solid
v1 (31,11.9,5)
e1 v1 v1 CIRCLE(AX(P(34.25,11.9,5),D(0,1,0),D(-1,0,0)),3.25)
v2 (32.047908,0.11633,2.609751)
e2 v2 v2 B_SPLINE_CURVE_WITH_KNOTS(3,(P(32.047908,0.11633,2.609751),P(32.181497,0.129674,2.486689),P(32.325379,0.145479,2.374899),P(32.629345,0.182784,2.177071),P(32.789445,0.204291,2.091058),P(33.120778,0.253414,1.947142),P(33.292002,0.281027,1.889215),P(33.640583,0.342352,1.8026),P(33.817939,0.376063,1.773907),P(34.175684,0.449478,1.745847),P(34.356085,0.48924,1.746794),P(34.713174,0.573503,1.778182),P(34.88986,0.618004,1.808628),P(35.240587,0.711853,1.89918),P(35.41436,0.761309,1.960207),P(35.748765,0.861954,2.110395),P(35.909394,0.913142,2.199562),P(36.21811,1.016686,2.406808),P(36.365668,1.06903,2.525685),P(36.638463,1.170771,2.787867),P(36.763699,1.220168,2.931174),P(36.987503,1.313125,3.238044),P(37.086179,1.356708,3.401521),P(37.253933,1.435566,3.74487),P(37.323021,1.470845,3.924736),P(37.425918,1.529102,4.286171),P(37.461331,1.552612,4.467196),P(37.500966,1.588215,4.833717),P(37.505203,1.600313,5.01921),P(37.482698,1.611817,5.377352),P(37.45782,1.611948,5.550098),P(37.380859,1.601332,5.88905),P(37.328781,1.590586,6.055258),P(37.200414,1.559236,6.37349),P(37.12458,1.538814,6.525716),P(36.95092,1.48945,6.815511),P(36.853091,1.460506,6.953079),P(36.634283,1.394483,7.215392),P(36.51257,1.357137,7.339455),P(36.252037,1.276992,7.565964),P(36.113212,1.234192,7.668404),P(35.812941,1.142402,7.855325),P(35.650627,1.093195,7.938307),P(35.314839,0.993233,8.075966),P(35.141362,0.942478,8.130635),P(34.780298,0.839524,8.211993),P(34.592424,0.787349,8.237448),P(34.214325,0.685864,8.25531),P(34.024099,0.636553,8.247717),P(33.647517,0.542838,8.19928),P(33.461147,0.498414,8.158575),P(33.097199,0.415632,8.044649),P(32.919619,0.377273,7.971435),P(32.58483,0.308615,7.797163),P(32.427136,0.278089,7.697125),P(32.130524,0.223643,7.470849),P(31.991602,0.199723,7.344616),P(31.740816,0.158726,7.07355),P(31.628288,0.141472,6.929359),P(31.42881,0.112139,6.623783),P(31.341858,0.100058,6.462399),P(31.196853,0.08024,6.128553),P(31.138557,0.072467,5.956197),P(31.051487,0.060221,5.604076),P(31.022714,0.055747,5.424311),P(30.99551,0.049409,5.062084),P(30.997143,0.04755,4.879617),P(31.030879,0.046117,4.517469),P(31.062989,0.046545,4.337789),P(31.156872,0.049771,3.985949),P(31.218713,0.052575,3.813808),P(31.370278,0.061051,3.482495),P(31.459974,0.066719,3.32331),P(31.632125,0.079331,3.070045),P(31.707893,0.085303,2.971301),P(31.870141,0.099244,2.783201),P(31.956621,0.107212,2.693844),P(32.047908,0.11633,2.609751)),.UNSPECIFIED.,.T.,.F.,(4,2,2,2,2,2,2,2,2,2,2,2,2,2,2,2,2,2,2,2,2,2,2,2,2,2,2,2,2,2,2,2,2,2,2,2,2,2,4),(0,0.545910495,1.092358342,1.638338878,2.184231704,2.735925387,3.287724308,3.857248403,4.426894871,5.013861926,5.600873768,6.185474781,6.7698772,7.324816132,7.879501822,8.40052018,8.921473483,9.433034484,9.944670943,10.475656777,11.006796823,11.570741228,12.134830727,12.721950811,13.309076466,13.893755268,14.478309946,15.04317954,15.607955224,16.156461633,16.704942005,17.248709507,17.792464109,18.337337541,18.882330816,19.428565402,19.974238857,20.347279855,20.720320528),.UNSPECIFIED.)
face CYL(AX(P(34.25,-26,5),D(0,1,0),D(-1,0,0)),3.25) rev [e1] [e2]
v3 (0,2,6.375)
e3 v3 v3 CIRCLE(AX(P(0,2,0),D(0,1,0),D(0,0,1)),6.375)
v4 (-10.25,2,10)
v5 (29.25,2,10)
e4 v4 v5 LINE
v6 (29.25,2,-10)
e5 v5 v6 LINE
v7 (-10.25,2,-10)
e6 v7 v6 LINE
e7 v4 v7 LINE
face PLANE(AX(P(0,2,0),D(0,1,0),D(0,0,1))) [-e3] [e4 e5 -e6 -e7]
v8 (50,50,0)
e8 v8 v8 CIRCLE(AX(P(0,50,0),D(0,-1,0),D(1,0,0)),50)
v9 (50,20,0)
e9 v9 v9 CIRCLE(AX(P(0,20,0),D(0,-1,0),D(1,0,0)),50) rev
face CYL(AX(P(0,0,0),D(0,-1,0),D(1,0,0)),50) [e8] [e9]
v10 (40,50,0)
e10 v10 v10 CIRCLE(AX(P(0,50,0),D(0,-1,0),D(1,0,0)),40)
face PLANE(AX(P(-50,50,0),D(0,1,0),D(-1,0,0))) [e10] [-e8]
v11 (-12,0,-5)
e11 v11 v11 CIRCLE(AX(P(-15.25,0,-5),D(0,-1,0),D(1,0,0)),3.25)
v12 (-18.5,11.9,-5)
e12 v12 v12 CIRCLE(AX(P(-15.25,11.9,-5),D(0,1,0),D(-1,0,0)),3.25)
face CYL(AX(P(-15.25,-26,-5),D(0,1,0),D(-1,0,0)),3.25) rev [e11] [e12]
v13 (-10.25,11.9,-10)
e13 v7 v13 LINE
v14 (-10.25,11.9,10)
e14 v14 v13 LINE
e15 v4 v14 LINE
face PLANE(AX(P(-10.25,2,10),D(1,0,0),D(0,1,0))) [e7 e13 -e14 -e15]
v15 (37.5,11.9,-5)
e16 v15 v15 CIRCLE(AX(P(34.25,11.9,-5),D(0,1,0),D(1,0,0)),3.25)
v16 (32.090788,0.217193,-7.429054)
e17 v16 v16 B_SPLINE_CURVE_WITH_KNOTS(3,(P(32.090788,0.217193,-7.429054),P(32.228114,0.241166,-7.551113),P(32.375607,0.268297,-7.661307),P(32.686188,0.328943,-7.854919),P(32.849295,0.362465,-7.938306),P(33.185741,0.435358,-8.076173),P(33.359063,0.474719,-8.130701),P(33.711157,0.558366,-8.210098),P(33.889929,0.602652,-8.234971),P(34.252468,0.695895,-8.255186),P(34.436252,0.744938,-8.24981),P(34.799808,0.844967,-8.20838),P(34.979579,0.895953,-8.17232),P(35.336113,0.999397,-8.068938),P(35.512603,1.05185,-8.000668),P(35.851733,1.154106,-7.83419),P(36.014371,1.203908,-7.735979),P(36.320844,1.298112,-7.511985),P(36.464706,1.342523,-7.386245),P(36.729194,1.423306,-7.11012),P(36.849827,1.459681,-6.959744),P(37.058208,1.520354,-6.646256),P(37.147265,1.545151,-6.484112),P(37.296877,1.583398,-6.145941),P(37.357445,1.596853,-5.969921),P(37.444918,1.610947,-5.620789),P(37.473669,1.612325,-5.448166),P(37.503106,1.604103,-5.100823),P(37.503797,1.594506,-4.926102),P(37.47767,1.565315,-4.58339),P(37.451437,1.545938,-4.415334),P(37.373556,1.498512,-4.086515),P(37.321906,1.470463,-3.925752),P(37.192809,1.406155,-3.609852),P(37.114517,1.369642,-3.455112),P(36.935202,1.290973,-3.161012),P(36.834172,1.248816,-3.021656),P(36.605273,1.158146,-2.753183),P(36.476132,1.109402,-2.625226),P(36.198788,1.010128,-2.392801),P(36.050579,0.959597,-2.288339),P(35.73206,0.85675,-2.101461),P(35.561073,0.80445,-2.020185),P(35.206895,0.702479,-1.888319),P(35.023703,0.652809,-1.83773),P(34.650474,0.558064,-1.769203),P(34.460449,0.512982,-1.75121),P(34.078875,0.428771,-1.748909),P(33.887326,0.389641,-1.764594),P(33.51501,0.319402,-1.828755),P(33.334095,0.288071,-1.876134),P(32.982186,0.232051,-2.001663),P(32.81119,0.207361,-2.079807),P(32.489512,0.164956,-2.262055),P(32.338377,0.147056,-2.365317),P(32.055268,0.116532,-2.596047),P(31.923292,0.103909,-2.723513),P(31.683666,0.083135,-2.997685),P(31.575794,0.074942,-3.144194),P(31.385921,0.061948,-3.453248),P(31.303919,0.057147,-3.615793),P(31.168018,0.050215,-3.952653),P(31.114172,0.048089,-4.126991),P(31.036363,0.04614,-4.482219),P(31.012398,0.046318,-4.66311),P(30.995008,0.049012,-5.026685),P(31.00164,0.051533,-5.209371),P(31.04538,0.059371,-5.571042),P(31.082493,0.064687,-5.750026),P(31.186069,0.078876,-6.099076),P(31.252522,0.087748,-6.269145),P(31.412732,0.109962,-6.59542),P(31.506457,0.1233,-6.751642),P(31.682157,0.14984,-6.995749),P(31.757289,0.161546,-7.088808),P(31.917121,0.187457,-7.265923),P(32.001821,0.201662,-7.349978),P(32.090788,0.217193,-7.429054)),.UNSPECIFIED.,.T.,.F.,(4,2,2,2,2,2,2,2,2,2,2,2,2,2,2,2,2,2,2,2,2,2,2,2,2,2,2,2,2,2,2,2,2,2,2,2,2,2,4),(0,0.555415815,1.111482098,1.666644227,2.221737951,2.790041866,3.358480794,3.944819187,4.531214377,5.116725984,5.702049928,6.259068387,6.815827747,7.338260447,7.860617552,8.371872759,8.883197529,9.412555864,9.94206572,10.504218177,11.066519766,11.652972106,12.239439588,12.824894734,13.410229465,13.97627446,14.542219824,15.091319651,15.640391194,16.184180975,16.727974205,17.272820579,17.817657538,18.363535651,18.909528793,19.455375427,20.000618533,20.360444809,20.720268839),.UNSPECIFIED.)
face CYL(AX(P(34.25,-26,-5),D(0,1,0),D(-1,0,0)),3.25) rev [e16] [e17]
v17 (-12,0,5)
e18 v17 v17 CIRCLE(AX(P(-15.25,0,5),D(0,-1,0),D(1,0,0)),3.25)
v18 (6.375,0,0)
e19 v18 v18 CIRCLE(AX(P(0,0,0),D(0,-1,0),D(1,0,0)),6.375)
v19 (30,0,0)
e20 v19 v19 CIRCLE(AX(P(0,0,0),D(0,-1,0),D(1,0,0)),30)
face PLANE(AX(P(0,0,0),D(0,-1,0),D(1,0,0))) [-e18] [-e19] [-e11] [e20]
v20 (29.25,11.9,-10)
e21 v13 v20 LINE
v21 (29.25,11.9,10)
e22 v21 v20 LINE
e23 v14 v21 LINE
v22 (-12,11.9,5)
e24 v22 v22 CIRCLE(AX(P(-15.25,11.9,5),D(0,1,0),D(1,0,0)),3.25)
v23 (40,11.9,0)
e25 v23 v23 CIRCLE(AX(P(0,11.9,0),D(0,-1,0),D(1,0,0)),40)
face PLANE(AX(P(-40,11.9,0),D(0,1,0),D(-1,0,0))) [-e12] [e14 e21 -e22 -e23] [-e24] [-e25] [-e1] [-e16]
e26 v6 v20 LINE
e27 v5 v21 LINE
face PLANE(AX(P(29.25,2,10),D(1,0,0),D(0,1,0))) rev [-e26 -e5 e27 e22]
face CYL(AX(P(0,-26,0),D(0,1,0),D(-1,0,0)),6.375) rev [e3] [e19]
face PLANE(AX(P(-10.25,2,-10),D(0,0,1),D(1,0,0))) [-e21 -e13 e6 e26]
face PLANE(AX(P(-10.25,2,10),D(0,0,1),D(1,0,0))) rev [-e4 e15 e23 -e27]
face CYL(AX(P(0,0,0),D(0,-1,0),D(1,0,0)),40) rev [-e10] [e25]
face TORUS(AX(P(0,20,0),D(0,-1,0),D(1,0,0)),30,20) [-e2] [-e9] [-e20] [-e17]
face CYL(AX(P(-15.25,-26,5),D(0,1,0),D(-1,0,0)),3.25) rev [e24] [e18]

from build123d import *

# Parameters (mm, degrees)
FILLET1_R          = 20
SKETCH6_W          = 39.5
SKETCH6_H          = 20
SKETCH6_R          = 6.375
CUT_EXTRUDE1_DEPTH = 9.9
SKETCH8_R          = 6.375
CUT_EXTRUDE2_DEPTH = 37.9
SKETCH9_R          = 3.25
CUT_EXTRUDE3_DEPTH = 37.9


with BuildPart() as part:
    # Sketch5 → Revolve1 (revolve)
    with BuildSketch(Plane.XY, mode=Mode.PRIVATE) as revolve1_sk:
        Polygon((0, 0), (-50, 0), (-50, 50), (-40, 50), (-40, 11.9), (0, 11.9), align=None)
    revolve(revolve1_sk.sketch.rotate(Axis((0, 0, 0), (0, 1, 0)), 180), axis=Axis((0, 0, 0), (0, 1, 0)))

    # Fillet1
    fillet1_edges = [part.edges().sort_by_distance(p)[0] for p in [
        (-50, 0, 0),
    ]]
    fillet(fillet1_edges, radius=FILLET1_R)

    # Sketch6 → Cut-Extrude1 (cut)
    with BuildSketch(Plane(origin=(0, 11.9, 0), x_dir=(1, 0, 0), z_dir=(0, 1, 0))):
        with Locations((9.5, 0)):
            Rectangle(SKETCH6_W, SKETCH6_H)
        with Locations(Location((0, 0, 0), (0, 0, 180))):
            Circle(SKETCH6_R, mode=Mode.SUBTRACT)
    extrude(amount=-CUT_EXTRUDE1_DEPTH, mode=Mode.SUBTRACT)

    # Sketch8 → Cut-Extrude2 (cut)
    with BuildSketch(Plane(origin=(0, 11.9, 0), x_dir=(1, 0, 0), z_dir=(0, 1, 0))):
        with Locations(Location((0, 0, 0), (0, 0, 270))):
            Circle(SKETCH8_R)
    extrude(amount=-CUT_EXTRUDE2_DEPTH, mode=Mode.SUBTRACT)

    # Sketch9 → Cut-Extrude3 (cut)
    with BuildSketch(Plane(origin=(0, 11.9, 0), x_dir=(1, 0, 0), z_dir=(0, 1, 0))):
        with Locations(Location((-15.25, 5, 0), (0, 0, 180))):
            Circle(SKETCH9_R)
        with Locations(Location((34.25, 5, 0), (0, 0, 131.634247299))):
            Circle(SKETCH9_R)
        with Locations(Location((34.25, -5, 0), (0, 0, 180))):
            Circle(SKETCH9_R)
        with Locations((-15.25, -5)):
            Circle(SKETCH9_R)
    extrude(amount=-CUT_EXTRUDE3_DEPTH, mode=Mode.SUBTRACT)


solid = part.part
